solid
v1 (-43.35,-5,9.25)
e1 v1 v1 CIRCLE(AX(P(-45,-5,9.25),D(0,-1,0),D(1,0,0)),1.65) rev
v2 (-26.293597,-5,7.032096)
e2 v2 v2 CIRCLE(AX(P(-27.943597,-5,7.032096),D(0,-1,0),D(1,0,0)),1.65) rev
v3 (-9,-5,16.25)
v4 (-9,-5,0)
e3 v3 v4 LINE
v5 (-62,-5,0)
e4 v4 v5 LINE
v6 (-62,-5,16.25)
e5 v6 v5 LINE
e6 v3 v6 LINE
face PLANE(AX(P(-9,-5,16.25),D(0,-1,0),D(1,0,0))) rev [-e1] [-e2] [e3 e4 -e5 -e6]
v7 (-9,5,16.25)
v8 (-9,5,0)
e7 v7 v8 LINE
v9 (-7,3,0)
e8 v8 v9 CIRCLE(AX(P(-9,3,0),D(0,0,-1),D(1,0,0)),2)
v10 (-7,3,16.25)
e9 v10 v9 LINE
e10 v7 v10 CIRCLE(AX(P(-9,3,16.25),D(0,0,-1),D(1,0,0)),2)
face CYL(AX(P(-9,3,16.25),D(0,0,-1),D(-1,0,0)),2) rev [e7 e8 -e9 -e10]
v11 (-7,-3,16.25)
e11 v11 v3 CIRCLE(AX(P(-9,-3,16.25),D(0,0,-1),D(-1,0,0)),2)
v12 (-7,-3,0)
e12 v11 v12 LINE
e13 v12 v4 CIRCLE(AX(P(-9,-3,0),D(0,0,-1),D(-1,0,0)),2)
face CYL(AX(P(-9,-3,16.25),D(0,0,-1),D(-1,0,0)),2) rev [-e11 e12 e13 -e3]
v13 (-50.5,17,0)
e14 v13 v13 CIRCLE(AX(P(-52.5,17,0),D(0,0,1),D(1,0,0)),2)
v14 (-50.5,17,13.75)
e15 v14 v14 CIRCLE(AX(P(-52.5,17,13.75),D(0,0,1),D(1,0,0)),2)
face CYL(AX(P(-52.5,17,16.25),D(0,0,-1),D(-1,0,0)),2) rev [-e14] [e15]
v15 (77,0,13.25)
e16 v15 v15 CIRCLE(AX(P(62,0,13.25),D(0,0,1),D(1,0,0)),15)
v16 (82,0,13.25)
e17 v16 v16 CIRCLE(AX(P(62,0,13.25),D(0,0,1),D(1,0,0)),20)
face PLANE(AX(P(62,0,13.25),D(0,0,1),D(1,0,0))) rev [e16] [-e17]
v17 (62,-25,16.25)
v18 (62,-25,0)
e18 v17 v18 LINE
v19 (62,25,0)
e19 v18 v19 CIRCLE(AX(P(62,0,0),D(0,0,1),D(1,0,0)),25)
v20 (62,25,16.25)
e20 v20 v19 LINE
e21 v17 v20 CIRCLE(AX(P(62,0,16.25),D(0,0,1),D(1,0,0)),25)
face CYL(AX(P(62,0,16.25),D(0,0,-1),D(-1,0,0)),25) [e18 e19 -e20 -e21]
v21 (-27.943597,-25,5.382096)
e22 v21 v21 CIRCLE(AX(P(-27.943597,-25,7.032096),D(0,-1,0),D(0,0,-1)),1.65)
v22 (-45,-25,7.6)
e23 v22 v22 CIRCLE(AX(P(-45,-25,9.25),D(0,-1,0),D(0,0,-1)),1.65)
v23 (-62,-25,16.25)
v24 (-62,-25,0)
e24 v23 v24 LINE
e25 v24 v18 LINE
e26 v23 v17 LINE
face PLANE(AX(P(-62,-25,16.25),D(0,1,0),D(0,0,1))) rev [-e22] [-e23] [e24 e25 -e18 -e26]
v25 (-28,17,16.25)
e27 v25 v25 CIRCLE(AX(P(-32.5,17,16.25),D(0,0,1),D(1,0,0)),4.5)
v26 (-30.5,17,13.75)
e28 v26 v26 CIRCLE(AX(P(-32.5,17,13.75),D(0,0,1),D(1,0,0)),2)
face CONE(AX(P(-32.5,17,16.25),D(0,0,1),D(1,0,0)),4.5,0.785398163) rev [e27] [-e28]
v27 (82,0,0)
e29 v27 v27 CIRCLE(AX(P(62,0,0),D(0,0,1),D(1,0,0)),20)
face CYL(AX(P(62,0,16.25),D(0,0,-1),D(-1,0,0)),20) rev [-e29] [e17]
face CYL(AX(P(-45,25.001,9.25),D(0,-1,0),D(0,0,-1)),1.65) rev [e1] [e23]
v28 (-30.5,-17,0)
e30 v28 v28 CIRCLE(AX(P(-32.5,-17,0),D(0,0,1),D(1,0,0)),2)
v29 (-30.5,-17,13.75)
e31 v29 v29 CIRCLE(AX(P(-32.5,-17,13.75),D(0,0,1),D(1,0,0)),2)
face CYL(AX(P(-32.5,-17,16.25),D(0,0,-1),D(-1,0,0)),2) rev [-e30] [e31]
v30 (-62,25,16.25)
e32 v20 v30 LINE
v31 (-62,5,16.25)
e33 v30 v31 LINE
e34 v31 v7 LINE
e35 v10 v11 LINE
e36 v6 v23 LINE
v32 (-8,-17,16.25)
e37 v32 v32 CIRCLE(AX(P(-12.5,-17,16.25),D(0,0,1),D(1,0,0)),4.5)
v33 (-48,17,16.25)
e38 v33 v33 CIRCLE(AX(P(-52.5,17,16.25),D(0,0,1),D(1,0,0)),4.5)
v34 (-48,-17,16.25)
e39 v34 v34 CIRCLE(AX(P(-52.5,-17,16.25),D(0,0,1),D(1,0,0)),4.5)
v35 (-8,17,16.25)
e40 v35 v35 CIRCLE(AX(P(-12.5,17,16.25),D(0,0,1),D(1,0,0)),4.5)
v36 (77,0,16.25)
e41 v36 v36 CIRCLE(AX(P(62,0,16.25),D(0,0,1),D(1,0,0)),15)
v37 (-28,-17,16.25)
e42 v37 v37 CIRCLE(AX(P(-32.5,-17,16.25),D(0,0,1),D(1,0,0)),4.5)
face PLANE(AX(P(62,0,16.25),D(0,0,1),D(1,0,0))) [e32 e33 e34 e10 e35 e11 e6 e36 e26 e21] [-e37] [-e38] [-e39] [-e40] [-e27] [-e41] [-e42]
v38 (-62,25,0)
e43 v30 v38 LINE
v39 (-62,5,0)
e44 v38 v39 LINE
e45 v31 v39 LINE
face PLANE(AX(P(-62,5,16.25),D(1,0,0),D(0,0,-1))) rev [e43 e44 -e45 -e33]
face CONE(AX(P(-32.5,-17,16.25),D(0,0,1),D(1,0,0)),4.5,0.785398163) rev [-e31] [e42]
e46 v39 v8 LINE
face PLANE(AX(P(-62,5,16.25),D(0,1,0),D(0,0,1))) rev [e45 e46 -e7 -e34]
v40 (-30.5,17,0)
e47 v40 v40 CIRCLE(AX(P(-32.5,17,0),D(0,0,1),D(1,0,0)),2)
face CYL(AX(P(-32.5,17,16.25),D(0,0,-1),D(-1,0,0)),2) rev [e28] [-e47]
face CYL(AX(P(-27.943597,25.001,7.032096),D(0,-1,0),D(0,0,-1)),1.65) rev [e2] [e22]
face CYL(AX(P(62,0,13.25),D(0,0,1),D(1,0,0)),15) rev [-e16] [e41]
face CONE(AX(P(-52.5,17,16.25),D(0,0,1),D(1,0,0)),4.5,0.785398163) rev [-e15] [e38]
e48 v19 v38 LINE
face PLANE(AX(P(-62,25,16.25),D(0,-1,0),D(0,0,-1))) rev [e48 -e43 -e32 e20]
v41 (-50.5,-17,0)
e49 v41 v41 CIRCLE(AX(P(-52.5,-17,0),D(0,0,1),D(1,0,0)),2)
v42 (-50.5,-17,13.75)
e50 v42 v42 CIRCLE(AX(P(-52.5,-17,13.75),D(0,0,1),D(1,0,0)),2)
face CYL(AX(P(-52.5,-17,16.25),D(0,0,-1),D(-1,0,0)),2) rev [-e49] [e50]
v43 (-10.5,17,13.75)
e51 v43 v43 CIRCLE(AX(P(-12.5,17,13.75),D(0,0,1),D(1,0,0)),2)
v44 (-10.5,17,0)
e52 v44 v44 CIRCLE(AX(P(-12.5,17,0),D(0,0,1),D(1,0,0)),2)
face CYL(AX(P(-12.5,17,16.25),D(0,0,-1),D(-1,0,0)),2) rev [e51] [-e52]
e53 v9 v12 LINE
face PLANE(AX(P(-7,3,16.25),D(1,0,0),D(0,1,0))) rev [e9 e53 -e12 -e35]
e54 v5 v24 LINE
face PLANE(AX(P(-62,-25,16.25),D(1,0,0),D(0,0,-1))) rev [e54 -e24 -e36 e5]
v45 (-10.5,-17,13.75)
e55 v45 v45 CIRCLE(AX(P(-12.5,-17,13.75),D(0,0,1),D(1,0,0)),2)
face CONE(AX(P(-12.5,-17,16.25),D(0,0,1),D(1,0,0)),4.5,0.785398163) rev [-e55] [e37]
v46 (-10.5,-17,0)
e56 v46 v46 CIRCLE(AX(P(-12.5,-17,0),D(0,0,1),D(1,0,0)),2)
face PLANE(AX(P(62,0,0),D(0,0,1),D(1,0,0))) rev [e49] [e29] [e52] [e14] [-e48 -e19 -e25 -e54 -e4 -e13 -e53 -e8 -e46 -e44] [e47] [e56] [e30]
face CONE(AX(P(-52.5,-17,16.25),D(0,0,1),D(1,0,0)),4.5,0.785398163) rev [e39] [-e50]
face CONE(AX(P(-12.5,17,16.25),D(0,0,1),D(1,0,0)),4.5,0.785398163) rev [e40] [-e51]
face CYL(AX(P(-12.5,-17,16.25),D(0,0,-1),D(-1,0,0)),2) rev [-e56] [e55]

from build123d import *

# Parameters (mm, degrees)
SKETCH1_R                                       = 20
SKETCH1_R_2                                     = 2
BOSS_EXTRUDE1_DEPTH                             = 16.25
BOSS_EXTRUDE2_START                             = -3
SKETCH2_R                                       = 20
SKETCH2_R_2                                     = 15
BOSS_EXTRUDE2_DEPTH                             = 3
CSK_FOR_M5_FLAT_HEAD_MACHINE_SCREW1_D           = 4
CSK_FOR_M5_FLAT_HEAD_MACHINE_SCREW1_CSINK_D     = 9
CSK_FOR_M5_FLAT_HEAD_MACHINE_SCREW1_CSINK_ANGLE = 90
CUT_EXTRUDE1_REACH                              = 103.652
SKETCH7_R                                       = 1.65


with BuildPart() as part:
    # Sketch1 → Boss-Extrude1 (new body)
    with BuildSketch(Plane.XY):
        with BuildLine():
            Line((-62, 5), (-9, 5))
            ThreePointArc((-9, 5), (-7.585786438, 4.414213562), (-7, 3))
            Line((-7, 3), (-7, -3))
            ThreePointArc((-7, -3), (-7.585786438, -4.414213562), (-9, -5))
            Line((-9, -5), (-62, -5))
            Line((-62, -5), (-62, -25))
            Line((-62, -25), (62, -25))
            ThreePointArc((62, -25), (87, 0), (62, 25))
            Line((62, 25), (-62, 25))
            Line((-62, 25), (-62, 5))
        make_face()
        with Locations((62, 0)):
            Circle(SKETCH1_R, mode=Mode.SUBTRACT)
        with Locations((-52.5, 17)):
            Circle(SKETCH1_R_2, mode=Mode.SUBTRACT)
        with Locations((-32.5, 17)):
            Circle(SKETCH1_R_2, mode=Mode.SUBTRACT)
        with Locations((-12.5, 17)):
            Circle(SKETCH1_R_2, mode=Mode.SUBTRACT)
        with Locations((-32.5, -17)):
            Circle(SKETCH1_R_2, mode=Mode.SUBTRACT)
        with Locations((-12.5, -17)):
            Circle(SKETCH1_R_2, mode=Mode.SUBTRACT)
        with Locations((-52.5, -17)):
            Circle(SKETCH1_R_2, mode=Mode.SUBTRACT)
    extrude(amount=BOSS_EXTRUDE1_DEPTH)

    # Sketch2 → Boss-Extrude2 (add)
    with BuildSketch(Plane.XY.offset(16.25).offset(BOSS_EXTRUDE2_START)):
        with Locations((62, 0)):
            Circle(SKETCH2_R)
        with Locations((62, 0)):
            Circle(SKETCH2_R_2, mode=Mode.SUBTRACT)
    extrude(amount=BOSS_EXTRUDE2_DEPTH)

    # CSK for M5 Flat Head Machine Screw1 (through all)
    with Locations(Plane.XY.offset(16.25)):
        with Locations((-52.5, 17), (-32.5, 17), (-12.5, 17), (-52.5, -17), (-32.5, -17), (-12.5, -17)):
            CounterSinkHole(CSK_FOR_M5_FLAT_HEAD_MACHINE_SCREW1_D / 2, CSK_FOR_M5_FLAT_HEAD_MACHINE_SCREW1_CSINK_D / 2, counter_sink_angle=CSK_FOR_M5_FLAT_HEAD_MACHINE_SCREW1_CSINK_ANGLE)

    # Sketch7 → Cut-Extrude1 (cut, up to next)
    with BuildSketch(Plane.XZ.offset(25), mode=Mode.PRIVATE) as cut_extrude1_sk1:
        with Locations(Location((-45, 9.25, 0), (0, 0, 270))):
            Circle(SKETCH7_R)
    cut_extrude1_tool1 = extrude(cut_extrude1_sk1.sketch, amount=-CUT_EXTRUDE1_REACH, mode=Mode.PRIVATE) & part.part
    # Sketch7 → Cut-Extrude1 (cut, up to next)
    with BuildSketch(Plane.XZ.offset(25), mode=Mode.PRIVATE) as cut_extrude1_sk2:
        with Locations(Location((-27.943596514, 7.032095554, 0), (0, 0, 270))):
            Circle(SKETCH7_R)
    cut_extrude1_tool2 = extrude(cut_extrude1_sk2.sketch, amount=-CUT_EXTRUDE1_REACH, mode=Mode.PRIVATE) & part.part
    add(cut_extrude1_tool1.solids().sort_by_distance((-45, -25, 9.25))[0], mode=Mode.SUBTRACT)
    add(cut_extrude1_tool2.solids().sort_by_distance((-27.943597, -25, 7.032096))[0], mode=Mode.SUBTRACT)


solid = part.part
